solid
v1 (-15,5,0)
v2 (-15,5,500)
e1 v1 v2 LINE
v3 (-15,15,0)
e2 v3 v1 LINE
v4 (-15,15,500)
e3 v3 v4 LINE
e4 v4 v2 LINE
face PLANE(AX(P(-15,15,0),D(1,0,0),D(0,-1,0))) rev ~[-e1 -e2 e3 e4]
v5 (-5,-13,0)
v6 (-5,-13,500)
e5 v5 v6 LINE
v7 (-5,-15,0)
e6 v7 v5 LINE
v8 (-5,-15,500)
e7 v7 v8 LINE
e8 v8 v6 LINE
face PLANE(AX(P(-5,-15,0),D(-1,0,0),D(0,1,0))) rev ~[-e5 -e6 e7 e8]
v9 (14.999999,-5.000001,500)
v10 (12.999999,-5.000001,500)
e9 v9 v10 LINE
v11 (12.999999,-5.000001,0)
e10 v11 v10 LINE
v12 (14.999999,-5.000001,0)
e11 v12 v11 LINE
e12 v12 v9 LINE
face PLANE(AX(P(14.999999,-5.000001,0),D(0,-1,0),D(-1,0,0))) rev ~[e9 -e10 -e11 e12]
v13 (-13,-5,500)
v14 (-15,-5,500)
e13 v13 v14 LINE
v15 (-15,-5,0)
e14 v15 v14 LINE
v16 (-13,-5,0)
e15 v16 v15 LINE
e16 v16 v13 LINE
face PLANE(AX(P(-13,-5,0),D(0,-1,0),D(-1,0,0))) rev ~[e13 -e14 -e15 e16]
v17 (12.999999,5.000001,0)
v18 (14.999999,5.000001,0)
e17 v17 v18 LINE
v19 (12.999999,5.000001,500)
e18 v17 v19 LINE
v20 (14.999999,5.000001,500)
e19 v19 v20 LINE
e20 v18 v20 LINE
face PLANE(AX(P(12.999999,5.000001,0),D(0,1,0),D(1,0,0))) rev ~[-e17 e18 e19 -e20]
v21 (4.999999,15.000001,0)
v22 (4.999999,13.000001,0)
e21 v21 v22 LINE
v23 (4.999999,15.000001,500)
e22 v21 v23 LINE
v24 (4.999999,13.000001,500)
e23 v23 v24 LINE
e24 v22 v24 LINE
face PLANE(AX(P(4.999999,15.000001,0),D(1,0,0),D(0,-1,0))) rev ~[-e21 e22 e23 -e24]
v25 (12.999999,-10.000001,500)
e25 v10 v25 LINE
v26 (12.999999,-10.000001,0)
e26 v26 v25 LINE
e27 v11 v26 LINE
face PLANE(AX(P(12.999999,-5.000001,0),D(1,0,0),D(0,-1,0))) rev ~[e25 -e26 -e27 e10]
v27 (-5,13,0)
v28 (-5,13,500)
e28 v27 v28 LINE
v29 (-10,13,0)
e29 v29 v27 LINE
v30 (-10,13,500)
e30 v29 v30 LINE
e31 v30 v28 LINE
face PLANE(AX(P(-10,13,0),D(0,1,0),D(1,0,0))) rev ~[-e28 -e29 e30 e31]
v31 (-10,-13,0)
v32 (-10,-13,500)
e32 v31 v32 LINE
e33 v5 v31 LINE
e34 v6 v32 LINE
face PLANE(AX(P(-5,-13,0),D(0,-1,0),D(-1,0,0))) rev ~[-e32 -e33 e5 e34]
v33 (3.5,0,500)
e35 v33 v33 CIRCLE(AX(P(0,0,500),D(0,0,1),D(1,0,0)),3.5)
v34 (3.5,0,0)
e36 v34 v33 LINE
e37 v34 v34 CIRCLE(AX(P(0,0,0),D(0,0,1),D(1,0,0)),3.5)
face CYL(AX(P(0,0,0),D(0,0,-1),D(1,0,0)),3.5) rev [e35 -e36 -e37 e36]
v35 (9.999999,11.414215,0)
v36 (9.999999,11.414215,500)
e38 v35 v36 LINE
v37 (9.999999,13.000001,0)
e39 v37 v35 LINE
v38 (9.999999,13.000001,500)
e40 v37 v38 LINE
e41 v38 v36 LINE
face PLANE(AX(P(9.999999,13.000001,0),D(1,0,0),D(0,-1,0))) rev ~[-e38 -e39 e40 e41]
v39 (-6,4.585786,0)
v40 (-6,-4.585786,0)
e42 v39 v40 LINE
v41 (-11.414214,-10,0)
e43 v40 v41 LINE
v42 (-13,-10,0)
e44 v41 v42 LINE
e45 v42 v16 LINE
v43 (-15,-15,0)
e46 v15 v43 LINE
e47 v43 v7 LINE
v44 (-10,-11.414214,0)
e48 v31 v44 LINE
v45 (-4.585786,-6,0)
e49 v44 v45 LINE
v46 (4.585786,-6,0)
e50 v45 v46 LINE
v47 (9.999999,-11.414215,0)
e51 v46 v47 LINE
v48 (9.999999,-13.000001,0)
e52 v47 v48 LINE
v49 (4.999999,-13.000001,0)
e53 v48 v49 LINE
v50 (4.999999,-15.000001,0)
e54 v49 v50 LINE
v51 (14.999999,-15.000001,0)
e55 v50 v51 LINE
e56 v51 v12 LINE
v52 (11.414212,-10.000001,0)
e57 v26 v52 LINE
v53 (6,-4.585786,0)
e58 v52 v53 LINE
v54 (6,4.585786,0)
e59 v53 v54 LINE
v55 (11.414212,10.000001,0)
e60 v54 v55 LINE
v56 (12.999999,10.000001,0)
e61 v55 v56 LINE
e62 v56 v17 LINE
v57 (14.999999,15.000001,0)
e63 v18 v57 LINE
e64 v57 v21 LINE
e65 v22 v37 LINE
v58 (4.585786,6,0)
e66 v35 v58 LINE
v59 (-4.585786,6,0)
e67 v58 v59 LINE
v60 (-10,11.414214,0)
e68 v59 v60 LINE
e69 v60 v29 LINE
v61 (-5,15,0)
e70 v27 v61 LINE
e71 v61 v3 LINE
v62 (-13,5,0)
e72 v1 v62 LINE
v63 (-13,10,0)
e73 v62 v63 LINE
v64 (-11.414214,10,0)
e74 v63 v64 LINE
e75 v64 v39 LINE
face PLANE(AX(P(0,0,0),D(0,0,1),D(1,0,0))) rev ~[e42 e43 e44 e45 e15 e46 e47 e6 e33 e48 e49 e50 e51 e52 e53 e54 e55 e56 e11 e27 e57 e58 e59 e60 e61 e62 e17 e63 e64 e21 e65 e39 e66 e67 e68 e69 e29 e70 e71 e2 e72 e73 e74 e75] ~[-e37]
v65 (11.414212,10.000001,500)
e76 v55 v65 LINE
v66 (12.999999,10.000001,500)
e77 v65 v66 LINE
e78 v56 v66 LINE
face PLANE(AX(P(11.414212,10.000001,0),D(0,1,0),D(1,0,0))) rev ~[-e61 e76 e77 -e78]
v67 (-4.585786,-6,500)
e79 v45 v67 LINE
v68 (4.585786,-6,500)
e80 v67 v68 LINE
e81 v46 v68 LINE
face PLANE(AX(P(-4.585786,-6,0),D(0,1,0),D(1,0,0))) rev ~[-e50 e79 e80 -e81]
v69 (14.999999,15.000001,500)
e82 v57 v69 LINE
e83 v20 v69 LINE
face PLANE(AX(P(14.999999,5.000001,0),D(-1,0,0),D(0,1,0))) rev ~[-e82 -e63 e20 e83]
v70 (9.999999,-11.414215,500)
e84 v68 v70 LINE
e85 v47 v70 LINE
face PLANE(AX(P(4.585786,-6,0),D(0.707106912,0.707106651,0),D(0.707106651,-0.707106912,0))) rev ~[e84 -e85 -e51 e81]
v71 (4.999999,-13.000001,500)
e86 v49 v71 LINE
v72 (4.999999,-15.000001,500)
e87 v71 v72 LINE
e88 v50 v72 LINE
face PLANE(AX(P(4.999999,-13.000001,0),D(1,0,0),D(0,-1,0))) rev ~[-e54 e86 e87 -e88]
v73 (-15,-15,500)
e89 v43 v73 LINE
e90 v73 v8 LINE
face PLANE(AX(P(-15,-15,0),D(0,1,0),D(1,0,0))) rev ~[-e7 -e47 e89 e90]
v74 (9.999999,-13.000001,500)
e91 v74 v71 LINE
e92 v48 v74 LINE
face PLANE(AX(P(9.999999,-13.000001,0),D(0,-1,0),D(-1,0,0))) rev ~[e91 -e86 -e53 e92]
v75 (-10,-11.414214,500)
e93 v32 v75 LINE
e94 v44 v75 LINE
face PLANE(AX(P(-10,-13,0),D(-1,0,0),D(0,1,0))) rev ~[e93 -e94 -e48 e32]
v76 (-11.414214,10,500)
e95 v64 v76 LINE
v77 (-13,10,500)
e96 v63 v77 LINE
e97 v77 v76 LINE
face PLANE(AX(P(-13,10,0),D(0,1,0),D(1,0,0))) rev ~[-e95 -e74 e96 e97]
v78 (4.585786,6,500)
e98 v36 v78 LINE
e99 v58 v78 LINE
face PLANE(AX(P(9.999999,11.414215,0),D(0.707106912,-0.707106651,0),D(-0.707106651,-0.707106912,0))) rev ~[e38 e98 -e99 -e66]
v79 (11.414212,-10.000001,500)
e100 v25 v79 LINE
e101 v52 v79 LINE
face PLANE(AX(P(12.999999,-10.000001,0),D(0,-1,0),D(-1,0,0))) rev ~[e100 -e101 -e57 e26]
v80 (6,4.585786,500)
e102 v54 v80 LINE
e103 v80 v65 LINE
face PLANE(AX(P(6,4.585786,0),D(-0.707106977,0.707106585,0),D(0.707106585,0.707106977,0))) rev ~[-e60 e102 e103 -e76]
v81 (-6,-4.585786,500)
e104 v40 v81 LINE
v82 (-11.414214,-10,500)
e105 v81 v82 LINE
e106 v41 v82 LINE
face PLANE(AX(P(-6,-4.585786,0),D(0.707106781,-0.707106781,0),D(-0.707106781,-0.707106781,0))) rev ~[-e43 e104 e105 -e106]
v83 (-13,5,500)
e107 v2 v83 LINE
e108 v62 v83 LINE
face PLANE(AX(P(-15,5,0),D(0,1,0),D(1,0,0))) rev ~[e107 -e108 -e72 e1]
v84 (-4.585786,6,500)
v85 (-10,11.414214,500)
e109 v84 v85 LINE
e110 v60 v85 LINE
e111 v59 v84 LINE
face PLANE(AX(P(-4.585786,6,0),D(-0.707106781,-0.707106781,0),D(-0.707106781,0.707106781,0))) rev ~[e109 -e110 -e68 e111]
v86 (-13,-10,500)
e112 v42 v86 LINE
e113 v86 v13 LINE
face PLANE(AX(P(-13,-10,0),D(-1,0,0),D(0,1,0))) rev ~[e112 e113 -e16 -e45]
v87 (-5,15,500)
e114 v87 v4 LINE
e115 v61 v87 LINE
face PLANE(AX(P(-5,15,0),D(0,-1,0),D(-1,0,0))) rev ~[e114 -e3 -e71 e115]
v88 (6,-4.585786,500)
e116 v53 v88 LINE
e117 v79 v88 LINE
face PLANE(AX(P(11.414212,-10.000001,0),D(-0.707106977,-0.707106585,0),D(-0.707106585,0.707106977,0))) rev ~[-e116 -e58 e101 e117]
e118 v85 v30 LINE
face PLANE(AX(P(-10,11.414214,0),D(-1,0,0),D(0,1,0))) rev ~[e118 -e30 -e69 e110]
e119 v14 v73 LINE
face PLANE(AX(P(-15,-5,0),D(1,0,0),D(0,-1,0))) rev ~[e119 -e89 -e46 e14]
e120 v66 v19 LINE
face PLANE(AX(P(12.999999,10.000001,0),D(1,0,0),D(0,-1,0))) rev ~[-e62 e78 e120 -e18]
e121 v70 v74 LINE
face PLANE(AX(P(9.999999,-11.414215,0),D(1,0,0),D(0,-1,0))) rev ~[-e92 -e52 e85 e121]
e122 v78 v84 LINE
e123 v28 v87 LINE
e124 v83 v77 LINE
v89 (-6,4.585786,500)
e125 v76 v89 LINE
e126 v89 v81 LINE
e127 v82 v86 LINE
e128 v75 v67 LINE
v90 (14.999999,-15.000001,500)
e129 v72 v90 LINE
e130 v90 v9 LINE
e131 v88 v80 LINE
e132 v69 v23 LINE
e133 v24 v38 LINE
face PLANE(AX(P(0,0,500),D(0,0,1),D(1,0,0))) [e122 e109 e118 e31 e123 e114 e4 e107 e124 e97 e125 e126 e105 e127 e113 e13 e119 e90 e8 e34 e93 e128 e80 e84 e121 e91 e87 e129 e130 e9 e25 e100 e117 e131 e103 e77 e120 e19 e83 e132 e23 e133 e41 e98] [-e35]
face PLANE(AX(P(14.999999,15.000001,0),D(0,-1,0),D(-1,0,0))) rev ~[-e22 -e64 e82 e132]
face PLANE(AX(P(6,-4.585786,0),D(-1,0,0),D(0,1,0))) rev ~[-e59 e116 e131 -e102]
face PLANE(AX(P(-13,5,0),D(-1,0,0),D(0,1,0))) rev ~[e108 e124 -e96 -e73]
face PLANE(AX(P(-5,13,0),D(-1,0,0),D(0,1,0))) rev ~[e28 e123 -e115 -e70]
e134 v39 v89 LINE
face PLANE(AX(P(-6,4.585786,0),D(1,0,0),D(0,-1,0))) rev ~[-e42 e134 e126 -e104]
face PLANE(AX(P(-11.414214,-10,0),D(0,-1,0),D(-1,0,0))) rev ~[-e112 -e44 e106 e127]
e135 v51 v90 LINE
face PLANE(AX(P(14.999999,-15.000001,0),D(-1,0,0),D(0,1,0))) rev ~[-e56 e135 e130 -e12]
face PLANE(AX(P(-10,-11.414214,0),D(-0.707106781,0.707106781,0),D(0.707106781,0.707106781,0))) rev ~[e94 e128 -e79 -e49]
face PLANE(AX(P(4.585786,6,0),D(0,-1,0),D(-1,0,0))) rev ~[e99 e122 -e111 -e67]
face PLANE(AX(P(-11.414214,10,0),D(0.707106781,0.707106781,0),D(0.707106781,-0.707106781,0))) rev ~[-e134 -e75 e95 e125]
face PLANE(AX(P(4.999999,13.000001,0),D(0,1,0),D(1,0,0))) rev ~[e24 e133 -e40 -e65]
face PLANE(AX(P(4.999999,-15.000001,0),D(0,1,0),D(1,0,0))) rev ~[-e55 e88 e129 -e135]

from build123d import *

# Parameters (mm, degrees)
F0_R     = 3.5
F1_DEPTH = 500


with BuildPart() as f1:
    # F0 (on Top) → F1 (new body)
    with BuildSketch(Plane.XY):
        Polygon((4.585786, 6), (-4.585786, 6), (-10, 11.414214), (-10, 13), (-5, 13), (-5, 15), (-15, 15), (-15, 5), (-13, 5), (-13, 10), (-11.414214, 10), (-6, 4.585786), (-6, -4.585786), (-11.414214, -10), (-13, -10), (-13, -5), (-15, -5), (-15, -15), (-5, -15), (-5, -13), (-10, -13), (-10, -11.414214), (-4.585786, -6), (4.585786, -6), (9.999999, -11.414215), (9.999999, -13.000001), (4.999999, -13.000001), (4.999999, -15.000001), (14.999999, -15.000001), (14.999999, -5.000001), (12.999999, -5.000001), (12.999999, -10.000001), (11.414212, -10.000001), (6, -4.585786), (6, 4.585786), (11.414212, 10.000001), (12.999999, 10.000001), (12.999999, 5.000001), (14.999999, 5.000001), (14.999999, 15.000001), (4.999999, 15.000001), (4.999999, 13.000001), (9.999999, 13.000001), (9.999999, 11.414215), align=None)
        Circle(F0_R, mode=Mode.SUBTRACT)
    extrude(amount=F1_DEPTH)


solid = f1.part
